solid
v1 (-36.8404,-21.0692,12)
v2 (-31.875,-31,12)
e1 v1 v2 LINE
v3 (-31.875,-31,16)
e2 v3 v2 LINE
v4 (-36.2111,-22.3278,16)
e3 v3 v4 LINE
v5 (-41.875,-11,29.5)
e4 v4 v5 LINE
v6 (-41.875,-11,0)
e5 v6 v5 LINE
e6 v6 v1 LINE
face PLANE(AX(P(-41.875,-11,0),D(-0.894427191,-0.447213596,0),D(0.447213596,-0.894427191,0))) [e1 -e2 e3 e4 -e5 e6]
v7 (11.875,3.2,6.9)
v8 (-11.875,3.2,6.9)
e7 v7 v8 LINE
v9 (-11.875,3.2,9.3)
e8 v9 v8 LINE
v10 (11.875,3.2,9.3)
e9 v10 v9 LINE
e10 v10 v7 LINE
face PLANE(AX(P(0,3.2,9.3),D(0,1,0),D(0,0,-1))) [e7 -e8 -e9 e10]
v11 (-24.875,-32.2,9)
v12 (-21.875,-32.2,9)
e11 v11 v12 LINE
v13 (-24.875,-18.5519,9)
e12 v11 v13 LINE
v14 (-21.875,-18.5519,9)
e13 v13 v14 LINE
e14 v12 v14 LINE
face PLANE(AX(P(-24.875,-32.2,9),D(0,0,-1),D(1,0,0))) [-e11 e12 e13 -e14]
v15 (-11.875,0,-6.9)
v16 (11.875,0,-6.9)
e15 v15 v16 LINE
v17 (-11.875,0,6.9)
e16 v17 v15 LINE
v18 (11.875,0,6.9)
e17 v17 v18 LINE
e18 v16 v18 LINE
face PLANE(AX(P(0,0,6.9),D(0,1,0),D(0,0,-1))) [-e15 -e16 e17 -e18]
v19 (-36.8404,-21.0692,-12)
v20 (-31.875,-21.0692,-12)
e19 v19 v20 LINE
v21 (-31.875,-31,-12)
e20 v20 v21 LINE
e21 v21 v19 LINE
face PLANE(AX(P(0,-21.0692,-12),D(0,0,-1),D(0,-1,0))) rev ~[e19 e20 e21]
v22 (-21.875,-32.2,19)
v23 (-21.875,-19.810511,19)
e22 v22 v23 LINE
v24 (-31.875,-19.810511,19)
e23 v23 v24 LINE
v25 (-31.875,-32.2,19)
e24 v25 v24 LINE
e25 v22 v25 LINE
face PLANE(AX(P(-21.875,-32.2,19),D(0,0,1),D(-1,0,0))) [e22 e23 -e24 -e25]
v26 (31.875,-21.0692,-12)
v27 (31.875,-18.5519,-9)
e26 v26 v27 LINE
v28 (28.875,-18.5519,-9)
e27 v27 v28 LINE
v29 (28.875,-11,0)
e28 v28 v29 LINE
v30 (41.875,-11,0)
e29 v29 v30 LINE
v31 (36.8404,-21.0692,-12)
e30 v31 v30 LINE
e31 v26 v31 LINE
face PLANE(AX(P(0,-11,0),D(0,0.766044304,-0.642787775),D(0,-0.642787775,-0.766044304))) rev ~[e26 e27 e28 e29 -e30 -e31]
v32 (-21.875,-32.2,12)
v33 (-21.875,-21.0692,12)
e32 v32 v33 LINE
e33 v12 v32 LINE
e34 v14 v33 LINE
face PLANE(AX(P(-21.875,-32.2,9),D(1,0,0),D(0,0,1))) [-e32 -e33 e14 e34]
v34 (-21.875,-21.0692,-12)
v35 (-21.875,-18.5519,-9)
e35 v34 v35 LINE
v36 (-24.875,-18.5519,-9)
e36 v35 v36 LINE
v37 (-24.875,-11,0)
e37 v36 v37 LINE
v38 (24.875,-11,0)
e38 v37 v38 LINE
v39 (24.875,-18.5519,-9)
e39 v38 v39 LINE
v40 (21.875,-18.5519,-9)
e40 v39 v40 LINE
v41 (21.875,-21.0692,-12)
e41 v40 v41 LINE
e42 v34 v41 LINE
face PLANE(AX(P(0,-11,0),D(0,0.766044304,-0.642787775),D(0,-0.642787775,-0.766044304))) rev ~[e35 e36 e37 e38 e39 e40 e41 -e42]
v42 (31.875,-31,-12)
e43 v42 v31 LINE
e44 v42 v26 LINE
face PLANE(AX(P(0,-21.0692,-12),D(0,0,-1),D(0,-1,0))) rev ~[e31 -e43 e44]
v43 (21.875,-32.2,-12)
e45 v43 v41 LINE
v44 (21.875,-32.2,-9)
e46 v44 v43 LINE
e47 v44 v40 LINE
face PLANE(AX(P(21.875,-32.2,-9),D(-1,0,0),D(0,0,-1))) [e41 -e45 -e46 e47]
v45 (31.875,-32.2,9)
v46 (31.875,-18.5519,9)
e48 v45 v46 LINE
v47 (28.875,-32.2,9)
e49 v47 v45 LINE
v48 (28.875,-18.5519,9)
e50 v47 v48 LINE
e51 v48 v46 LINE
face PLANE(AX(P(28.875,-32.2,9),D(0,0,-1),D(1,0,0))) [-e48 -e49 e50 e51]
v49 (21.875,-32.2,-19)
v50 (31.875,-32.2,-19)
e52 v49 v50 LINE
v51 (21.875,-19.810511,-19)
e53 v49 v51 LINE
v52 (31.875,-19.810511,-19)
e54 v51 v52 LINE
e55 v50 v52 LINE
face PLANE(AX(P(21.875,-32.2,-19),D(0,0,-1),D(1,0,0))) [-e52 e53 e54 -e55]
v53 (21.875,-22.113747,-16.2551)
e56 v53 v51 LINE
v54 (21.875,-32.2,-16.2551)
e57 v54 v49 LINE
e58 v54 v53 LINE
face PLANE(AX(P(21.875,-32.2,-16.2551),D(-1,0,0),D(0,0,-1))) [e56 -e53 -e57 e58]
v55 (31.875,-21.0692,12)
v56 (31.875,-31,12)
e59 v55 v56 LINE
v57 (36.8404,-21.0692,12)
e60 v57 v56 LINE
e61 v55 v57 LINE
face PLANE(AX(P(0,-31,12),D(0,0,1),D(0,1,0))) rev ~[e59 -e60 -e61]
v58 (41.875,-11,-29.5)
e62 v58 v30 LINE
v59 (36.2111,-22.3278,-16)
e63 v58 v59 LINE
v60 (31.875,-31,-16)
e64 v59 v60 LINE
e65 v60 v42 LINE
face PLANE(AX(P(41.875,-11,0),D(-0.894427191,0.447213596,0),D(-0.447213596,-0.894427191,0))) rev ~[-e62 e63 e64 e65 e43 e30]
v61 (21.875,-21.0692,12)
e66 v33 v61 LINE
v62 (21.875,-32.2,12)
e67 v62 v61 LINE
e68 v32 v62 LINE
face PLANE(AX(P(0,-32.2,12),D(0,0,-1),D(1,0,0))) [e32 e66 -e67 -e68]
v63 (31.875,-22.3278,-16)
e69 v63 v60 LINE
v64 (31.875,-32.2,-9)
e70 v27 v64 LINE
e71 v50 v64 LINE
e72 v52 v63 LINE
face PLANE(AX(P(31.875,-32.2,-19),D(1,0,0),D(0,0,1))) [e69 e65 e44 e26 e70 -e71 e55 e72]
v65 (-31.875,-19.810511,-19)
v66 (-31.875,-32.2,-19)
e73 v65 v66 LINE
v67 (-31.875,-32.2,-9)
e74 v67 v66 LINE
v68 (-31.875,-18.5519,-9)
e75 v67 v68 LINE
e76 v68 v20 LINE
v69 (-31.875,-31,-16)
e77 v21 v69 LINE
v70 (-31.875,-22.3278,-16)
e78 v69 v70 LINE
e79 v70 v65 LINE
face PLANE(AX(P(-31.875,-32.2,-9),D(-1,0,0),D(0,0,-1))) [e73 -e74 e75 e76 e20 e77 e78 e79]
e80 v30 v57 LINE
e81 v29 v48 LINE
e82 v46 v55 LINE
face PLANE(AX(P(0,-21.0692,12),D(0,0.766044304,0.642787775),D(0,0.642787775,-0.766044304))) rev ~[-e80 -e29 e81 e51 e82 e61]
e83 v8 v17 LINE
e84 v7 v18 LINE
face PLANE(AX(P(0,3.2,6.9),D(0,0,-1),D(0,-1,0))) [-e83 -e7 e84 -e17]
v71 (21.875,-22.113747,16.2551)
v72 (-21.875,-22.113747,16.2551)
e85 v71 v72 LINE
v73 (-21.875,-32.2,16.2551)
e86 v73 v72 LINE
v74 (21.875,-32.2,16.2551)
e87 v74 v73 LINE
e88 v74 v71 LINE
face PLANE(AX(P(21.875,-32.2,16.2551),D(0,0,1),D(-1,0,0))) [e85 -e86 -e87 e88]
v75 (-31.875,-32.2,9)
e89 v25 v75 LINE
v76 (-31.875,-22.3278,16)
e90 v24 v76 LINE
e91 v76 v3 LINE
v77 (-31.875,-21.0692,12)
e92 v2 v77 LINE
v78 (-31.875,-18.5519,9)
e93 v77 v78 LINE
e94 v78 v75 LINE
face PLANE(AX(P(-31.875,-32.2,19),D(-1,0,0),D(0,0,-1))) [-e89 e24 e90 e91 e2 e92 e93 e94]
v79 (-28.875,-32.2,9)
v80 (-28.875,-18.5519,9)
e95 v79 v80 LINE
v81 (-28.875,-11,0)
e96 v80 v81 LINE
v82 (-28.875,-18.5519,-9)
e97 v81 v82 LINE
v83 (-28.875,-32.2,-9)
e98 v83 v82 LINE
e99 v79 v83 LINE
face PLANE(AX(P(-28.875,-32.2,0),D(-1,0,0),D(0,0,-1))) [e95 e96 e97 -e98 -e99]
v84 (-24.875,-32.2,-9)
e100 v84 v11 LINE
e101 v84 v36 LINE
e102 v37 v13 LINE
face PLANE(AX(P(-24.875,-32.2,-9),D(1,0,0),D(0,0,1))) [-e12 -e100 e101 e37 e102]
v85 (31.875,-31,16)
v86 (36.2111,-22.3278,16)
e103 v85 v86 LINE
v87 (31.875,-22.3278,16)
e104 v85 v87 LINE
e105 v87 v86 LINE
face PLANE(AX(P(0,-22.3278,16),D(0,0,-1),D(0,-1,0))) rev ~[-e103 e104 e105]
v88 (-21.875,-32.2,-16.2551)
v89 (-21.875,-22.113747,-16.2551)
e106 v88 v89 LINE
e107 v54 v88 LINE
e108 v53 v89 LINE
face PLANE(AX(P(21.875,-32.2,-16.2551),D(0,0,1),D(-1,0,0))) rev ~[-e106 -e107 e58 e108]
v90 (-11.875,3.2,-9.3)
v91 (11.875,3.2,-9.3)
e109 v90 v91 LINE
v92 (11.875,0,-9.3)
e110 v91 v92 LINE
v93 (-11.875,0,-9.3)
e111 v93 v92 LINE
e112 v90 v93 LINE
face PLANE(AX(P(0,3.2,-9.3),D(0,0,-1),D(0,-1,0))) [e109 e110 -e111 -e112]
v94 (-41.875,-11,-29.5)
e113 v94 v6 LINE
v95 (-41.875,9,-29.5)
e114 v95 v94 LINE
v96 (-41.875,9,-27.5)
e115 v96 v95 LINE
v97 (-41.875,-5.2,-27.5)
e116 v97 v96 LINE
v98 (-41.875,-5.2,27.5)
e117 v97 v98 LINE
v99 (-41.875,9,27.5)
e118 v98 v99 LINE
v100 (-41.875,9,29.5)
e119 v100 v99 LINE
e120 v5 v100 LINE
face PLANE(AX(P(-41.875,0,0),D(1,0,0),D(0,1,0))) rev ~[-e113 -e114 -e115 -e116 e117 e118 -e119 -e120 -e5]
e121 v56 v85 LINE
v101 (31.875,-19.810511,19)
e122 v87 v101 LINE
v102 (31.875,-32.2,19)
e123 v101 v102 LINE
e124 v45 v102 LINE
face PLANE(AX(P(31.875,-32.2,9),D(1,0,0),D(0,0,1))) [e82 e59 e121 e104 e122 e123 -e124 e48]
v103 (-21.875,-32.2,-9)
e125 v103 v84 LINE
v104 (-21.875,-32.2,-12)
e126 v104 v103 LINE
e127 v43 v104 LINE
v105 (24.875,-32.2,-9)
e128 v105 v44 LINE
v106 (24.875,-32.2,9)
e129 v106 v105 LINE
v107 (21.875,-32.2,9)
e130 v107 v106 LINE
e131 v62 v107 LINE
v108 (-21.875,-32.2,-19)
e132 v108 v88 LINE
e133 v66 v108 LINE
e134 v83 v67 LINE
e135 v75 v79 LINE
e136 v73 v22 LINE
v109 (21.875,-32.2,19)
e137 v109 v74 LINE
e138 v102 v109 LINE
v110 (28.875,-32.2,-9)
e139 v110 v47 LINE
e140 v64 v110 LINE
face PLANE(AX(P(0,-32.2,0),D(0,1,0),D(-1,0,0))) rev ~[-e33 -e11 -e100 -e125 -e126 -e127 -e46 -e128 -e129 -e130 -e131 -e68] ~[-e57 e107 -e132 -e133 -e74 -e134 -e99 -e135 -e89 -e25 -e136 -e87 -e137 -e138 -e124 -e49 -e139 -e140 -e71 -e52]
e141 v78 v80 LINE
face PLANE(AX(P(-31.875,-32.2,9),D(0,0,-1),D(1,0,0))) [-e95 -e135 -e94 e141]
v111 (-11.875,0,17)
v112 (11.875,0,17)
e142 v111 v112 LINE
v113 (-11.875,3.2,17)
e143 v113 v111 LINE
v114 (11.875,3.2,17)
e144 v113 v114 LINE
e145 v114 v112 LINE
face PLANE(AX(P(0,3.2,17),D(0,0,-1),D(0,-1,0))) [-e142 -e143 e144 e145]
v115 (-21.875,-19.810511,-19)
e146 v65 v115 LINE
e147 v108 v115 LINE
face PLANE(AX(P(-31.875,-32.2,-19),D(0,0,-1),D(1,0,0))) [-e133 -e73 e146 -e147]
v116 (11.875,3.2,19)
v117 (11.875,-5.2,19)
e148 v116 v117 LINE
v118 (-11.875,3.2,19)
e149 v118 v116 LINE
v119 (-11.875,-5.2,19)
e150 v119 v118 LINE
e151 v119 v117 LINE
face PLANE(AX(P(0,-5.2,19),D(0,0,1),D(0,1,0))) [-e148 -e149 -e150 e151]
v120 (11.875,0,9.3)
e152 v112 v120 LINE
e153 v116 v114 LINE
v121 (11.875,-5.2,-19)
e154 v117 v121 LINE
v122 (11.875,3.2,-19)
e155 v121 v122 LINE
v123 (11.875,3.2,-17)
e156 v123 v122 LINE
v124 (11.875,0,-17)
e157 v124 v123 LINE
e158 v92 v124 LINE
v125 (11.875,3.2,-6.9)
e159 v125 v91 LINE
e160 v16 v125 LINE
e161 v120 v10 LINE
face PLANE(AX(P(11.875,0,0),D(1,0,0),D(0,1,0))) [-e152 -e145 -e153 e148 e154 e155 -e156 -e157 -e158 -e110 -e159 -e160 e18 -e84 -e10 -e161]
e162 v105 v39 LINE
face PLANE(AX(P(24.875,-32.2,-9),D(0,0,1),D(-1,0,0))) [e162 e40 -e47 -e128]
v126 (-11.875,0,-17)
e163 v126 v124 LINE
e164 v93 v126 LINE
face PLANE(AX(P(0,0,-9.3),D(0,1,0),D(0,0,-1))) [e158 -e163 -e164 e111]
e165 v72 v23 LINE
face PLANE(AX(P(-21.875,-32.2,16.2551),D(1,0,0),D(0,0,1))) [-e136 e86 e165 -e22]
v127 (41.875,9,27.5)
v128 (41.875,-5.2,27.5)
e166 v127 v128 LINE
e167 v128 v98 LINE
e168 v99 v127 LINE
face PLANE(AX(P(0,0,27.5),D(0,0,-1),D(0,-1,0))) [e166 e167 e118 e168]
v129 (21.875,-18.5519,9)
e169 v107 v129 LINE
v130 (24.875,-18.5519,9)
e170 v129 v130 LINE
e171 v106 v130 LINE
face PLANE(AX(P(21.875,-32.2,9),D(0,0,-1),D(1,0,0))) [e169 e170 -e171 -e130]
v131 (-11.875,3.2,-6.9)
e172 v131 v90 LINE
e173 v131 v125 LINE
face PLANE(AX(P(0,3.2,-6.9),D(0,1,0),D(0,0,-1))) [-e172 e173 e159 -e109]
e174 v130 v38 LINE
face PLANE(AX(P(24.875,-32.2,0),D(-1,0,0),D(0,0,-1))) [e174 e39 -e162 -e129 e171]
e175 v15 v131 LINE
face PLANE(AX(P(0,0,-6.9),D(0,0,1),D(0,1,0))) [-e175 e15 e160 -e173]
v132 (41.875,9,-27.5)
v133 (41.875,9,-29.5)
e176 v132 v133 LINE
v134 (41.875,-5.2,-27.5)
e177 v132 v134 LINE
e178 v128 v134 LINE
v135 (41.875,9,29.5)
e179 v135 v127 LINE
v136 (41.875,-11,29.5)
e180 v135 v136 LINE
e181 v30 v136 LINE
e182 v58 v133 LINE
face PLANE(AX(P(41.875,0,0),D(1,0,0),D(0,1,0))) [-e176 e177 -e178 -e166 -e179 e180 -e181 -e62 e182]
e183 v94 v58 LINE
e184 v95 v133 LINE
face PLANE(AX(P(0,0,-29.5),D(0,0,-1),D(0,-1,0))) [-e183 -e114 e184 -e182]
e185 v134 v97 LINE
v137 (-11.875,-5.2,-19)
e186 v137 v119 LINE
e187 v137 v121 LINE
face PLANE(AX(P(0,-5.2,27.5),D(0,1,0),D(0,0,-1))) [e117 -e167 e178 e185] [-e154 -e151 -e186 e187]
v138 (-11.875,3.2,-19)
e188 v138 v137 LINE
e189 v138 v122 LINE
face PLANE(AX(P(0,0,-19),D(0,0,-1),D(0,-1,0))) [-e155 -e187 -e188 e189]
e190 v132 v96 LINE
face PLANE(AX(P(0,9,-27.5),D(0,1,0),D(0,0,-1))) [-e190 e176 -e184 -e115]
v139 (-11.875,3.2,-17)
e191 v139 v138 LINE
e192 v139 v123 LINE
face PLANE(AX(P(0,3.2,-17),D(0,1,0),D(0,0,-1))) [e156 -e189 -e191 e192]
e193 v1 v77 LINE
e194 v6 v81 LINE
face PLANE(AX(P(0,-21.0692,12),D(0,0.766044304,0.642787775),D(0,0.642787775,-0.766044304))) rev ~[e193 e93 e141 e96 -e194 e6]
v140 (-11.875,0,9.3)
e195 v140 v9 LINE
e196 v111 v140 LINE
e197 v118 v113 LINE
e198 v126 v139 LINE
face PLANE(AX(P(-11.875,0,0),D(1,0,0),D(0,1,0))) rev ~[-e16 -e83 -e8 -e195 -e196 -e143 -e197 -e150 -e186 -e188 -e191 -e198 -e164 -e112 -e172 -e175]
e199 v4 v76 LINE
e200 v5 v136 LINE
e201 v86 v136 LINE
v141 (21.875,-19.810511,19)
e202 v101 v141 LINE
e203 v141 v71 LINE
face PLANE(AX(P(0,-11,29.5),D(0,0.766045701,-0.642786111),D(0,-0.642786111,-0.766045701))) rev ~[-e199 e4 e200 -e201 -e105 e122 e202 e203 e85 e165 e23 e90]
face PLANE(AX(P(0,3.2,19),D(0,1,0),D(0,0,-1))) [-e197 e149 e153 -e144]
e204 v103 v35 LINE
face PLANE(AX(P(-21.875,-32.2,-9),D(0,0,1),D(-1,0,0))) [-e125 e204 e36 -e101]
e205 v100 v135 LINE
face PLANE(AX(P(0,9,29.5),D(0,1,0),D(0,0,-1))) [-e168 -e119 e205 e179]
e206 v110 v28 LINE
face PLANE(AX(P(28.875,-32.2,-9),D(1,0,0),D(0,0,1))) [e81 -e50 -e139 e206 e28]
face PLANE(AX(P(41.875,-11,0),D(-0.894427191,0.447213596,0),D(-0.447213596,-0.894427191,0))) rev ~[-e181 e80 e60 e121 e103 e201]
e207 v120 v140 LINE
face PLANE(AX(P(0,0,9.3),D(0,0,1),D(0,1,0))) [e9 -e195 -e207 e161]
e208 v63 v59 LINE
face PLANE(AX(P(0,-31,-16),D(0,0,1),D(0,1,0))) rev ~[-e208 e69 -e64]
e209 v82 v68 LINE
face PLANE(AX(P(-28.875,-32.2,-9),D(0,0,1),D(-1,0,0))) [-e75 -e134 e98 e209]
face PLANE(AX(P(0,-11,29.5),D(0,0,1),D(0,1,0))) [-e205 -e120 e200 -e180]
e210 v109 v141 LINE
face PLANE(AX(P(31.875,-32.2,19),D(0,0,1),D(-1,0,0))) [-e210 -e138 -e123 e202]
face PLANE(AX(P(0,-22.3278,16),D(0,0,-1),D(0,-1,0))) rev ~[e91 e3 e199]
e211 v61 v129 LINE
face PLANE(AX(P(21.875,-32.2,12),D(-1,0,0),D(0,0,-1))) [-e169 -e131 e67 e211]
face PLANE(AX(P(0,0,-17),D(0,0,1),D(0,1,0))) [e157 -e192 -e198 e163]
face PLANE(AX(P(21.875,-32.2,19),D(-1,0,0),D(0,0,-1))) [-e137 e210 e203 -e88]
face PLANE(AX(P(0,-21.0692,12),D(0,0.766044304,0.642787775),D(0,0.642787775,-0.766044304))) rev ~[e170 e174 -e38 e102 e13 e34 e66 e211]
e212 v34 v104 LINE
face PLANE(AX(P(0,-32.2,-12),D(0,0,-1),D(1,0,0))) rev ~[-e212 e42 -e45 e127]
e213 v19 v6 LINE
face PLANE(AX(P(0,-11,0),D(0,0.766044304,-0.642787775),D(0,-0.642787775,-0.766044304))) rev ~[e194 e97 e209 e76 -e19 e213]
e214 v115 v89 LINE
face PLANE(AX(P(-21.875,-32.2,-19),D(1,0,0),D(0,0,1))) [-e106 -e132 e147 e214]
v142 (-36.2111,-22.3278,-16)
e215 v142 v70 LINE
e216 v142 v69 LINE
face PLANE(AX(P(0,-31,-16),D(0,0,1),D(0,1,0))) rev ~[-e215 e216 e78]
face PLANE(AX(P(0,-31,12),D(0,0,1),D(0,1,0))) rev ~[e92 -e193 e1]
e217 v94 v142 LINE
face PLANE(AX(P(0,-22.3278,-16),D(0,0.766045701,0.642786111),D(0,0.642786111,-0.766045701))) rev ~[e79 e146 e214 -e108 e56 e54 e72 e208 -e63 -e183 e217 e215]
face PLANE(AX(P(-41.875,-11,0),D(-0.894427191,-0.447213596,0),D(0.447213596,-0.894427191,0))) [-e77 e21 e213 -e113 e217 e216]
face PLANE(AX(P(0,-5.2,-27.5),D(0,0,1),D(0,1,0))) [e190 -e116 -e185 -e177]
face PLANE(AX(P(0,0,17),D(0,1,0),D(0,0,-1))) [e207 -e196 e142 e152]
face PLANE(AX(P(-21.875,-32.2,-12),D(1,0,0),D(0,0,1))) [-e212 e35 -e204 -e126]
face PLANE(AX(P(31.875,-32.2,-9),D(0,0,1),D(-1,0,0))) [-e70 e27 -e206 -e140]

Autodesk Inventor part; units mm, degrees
ref_plane "YZ Plane" through (0, 0, 0) normal (1, 0, 0) x (0, 1, 0)
ref_plane "XY Plane" through (0, 0, 0) normal (0, 0, 1) x (1, 0, 0)
sketch "スケッチ1" plane through (0, 0, 0) normal (1, 0, 0) x (0, 1, 0)
  line L0 (0, 41.3) -> (0, -41.3) projected
  line L1 (-39, 0) -> (17, 0) projected
  line L2 (-5.2, 19) -> (3.2, 19)
  line L3 (3.2, 19) -> (3.2, 17)
  line L4 (3.2, 17) -> (0, 17)
  line L5 (0, 17) -> (0, 9.3)
  line L6 (0, 9.3) -> (3.2, 9.3)
  line L7 (3.2, 9.3) -> (3.2, 6.9)
  line L8 (3.2, 6.9) -> (0, 6.9)
  line L9 (0, 6.9) -> (0, -6.9)
  line L10 (0, -6.9) -> (3.2, -6.9)
  line L11 (3.2, -6.9) -> (3.2, -9.3)
  line L12 (3.2, -9.3) -> (0, -9.3)
  line L13 (0, -9.3) -> (0, -17)
  line L14 (0, -17) -> (3.2, -17)
  line L15 (3.2, -17) -> (3.2, -19)
  line L16 (3.2, -19) -> (-5.2, -19)
  line L17 (-5.2, -19) -> (-5.2, 19)
  line L18 (-5.2, 27.5) -> (-5.2, -27.5)
  line L19 (-5.2, -27.5) -> (9, -27.5)
  line L20 (9, -27.5) -> (9, -29.5)
  line L21 (9, -29.5) -> (-11, -29.5)
  line L22 (-11, -29.5) -> (-11, 29.5)
  line L23 (-11, 29.5) -> (9, 29.5)
  line L24 (9, 29.5) -> (9, 27.5)
  line L25 (9, 27.5) -> (-5.2, 27.5)
  line L26 (-11, 29.5) -> (-22.3278, 16)
  line L27 (-22.3278, 16) -> (-31, 16)
  line L28 (-31, 16) -> (-31, 12)
  line L29 (-31, 12) -> (-21.0692, 12)
  line L30 (-21.0692, 12) -> (-11, 0)
  line L31 (-11, 0) -> (-21.0692, -12)
  line L32 (-21.0692, -12) -> (-31, -12)
  line L33 (-31, -12) -> (-31, -16)
  line L34 (-31, -16) -> (-22.3278, -16)
  line L35 (-22.3278, -16) -> (-11, -29.5)
  point P0 (0, 0)
  dimension "d0" = 38
  dimension "d1" = 18.6
  dimension "d2" = 2
  dimension "d3" = 2.4
  dimension "d4" = 3.2
  dimension "d5" = 8.4
  dimension "d6" = 59
  dimension "d7" = 2
  dimension "d8" = 20
  dimension "d9" = 5.8
  dimension "d10" = 5.8
  dimension "d11" = 40
  dimension "d12" = 40
  dimension "d13" = 32
  dimension "d14" = 4
  dimension "d15" = 20
extrude "押し出し1" add sketch "スケッチ1" along normal mid plane 23.75 contours L0 L1 L17 L2 | L0 L2 L3 L4 | L6 L7 L8 L0 | L0 L16 L17 L1 | L10 L11 L12 L0 | L0 L14 L15 L16
extrude "押し出し2" add sketch "スケッチ1" along normal mid plane 83.75 contours L25 L18 L17 L1 L22 L23 L0 | L0 L23 L24 L25 | L17 L18 L19 L0 L21 L22 L1 | L22 L30 L29 L28 L27 L26 | L22 L35 L34 L33 L32 L31 | L0 L19 L20 L21
ref_plane "作業平面1" through (0, -32.2, 0) normal (0, 1, 0) x (-1, 0, 0)
sketch "スケッチ2" plane through (0, -32.2, 0) normal (0, 1, 0) x (-1, 0, 0)
  line L0 (0, -41.3) -> (0, 41.3) projected
  line L1 (-58.625, 0) -> (58.625, 0) projected
  line L2 (31.875, -19) -> (21.875, -19)
  line L3 (21.875, -19) -> (21.875, -9)
  line L4 (21.875, -9) -> (31.875, -9)
  line L5 (31.875, -9) -> (31.875, -19)
  line L6 (-21.875, -19) -> (-31.875, -19)
  line L7 (-31.875, -19) -> (-31.875, -9)
  line L8 (-31.875, -9) -> (-21.875, -9)
  line L9 (-21.875, -9) -> (-21.875, -19)
  line L10 (31.875, 9) -> (21.875, 9)
  line L11 (21.875, 9) -> (21.875, 19)
  line L12 (21.875, 19) -> (31.875, 19)
  line L13 (31.875, 19) -> (31.875, 9)
  line L14 (-21.875, 9) -> (-31.875, 9)
  line L15 (-31.875, 9) -> (-31.875, 19)
  line L16 (-31.875, 19) -> (-21.875, 19)
  line L17 (-21.875, 19) -> (-21.875, 9)
  line L18 (-21.875, 16.2551) -> (21.875, 16.2551)
  line L19 (21.875, 16.2551) -> (21.875, 12)
  line L20 (21.875, 12) -> (-21.875, 12)
  line L21 (-21.875, 12) -> (-21.875, 16.2551)
  line L22 (21.875, -12) -> (-21.875, -12)
  line L23 (-21.875, -12) -> (-21.875, -16.2551)
  line L24 (-21.875, -16.2551) -> (21.875, -16.2551)
  line L25 (21.875, -16.2551) -> (21.875, -12)
  line L26 (-28.875, 9) -> (-24.875, 9)
  line L27 (-24.875, 9) -> (-24.875, -9)
  line L28 (-24.875, -9) -> (-28.875, -9)
  line L29 (-28.875, -9) -> (-28.875, 9)
  line L30 (24.875, 9) -> (28.875, 9)
  line L31 (28.875, 9) -> (28.875, -9)
  line L32 (28.875, -9) -> (24.875, -9)
  line L33 (24.875, -9) -> (24.875, 9)
  point P0 (0, 0)
  dimension "d21" = 38
  dimension "d23" = 53.75
  dimension "d24" = 10
  dimension "d25" = 10
  dimension "d28" = 3
  dimension "d29" = 3
  dimension "d30" = 3
  dimension "d31" = 2.7449
extrude "押し出し3" add sketch "スケッチ2" along normal up to next contours L24 L9 L22 L0 | L0 L22 L3 L24 | L9 L6 L7 L8 | L3 L4 L5 L2 | L20 L17 L18 L0 | L0 L18 L11 L20 | L27 L8 L29 L1 | L1 L29 L14 L27 | L33 L10 L31 L1 | L1 L31 L4 L33 | L11 L12 L13 L10 | L17 L14 L15 L16
sketch "スケッチ3" plane through (0, 0, 0) normal (0, 0, 1) x (1, 0, 0)
  line L0 (-41.875, -11) -> (-31.875, -31)
  line L1 (-31.875, -31) -> (-41.875, -31)
  line L2 (-41.875, -31) -> (-41.875, -11)
  line L3 (0, 17.24) -> (0, -40.44) projected
  line L4 (41.875, -11) -> (31.875, -31)
  line L5 (31.875, -31) -> (41.875, -31)
  line L6 (41.875, -31) -> (41.875, -11)
  point P0 (0, 0)
extrude "押し出し4" cut sketch "スケッチ3" against normal through all both and the other way through all
equation "\"d0\" = RailWidth"
equation "\"d1\" = InsideWidth"
equation "\"d2\" = OuterWall"
equation "\"d3\" = InnerWall"
equation "\"d4\" = RailDepth"
equation "\"d5\" = RailHeight"
equation "\"d9\" = d10"
equation "\"d16\" = Length - 2 * ConnectorLength"
equation "\"d21\" = RailWidth"
equation "\"d23\" = Length"
equation "\"d29\" = d28"
equation "\"d30\" = d28"
equation "\"Length\" = 0.25 * StraightLength"
equation "\"RailWidth\" = 38"
equation "\"InsideWidth\" = 18.6"
equation "\"OuterWall\" = 2"
equation "\"InnerWall\" = 2.4"
equation "\"RailDepth\" = 3.2"
equation "\"RailHeight\" = 8.4"
equation "\"ConnectorLength\" = 15"
equation "\"StraightLength\" = 215"
properties part number "Viaduct_HorizontalSingle"
